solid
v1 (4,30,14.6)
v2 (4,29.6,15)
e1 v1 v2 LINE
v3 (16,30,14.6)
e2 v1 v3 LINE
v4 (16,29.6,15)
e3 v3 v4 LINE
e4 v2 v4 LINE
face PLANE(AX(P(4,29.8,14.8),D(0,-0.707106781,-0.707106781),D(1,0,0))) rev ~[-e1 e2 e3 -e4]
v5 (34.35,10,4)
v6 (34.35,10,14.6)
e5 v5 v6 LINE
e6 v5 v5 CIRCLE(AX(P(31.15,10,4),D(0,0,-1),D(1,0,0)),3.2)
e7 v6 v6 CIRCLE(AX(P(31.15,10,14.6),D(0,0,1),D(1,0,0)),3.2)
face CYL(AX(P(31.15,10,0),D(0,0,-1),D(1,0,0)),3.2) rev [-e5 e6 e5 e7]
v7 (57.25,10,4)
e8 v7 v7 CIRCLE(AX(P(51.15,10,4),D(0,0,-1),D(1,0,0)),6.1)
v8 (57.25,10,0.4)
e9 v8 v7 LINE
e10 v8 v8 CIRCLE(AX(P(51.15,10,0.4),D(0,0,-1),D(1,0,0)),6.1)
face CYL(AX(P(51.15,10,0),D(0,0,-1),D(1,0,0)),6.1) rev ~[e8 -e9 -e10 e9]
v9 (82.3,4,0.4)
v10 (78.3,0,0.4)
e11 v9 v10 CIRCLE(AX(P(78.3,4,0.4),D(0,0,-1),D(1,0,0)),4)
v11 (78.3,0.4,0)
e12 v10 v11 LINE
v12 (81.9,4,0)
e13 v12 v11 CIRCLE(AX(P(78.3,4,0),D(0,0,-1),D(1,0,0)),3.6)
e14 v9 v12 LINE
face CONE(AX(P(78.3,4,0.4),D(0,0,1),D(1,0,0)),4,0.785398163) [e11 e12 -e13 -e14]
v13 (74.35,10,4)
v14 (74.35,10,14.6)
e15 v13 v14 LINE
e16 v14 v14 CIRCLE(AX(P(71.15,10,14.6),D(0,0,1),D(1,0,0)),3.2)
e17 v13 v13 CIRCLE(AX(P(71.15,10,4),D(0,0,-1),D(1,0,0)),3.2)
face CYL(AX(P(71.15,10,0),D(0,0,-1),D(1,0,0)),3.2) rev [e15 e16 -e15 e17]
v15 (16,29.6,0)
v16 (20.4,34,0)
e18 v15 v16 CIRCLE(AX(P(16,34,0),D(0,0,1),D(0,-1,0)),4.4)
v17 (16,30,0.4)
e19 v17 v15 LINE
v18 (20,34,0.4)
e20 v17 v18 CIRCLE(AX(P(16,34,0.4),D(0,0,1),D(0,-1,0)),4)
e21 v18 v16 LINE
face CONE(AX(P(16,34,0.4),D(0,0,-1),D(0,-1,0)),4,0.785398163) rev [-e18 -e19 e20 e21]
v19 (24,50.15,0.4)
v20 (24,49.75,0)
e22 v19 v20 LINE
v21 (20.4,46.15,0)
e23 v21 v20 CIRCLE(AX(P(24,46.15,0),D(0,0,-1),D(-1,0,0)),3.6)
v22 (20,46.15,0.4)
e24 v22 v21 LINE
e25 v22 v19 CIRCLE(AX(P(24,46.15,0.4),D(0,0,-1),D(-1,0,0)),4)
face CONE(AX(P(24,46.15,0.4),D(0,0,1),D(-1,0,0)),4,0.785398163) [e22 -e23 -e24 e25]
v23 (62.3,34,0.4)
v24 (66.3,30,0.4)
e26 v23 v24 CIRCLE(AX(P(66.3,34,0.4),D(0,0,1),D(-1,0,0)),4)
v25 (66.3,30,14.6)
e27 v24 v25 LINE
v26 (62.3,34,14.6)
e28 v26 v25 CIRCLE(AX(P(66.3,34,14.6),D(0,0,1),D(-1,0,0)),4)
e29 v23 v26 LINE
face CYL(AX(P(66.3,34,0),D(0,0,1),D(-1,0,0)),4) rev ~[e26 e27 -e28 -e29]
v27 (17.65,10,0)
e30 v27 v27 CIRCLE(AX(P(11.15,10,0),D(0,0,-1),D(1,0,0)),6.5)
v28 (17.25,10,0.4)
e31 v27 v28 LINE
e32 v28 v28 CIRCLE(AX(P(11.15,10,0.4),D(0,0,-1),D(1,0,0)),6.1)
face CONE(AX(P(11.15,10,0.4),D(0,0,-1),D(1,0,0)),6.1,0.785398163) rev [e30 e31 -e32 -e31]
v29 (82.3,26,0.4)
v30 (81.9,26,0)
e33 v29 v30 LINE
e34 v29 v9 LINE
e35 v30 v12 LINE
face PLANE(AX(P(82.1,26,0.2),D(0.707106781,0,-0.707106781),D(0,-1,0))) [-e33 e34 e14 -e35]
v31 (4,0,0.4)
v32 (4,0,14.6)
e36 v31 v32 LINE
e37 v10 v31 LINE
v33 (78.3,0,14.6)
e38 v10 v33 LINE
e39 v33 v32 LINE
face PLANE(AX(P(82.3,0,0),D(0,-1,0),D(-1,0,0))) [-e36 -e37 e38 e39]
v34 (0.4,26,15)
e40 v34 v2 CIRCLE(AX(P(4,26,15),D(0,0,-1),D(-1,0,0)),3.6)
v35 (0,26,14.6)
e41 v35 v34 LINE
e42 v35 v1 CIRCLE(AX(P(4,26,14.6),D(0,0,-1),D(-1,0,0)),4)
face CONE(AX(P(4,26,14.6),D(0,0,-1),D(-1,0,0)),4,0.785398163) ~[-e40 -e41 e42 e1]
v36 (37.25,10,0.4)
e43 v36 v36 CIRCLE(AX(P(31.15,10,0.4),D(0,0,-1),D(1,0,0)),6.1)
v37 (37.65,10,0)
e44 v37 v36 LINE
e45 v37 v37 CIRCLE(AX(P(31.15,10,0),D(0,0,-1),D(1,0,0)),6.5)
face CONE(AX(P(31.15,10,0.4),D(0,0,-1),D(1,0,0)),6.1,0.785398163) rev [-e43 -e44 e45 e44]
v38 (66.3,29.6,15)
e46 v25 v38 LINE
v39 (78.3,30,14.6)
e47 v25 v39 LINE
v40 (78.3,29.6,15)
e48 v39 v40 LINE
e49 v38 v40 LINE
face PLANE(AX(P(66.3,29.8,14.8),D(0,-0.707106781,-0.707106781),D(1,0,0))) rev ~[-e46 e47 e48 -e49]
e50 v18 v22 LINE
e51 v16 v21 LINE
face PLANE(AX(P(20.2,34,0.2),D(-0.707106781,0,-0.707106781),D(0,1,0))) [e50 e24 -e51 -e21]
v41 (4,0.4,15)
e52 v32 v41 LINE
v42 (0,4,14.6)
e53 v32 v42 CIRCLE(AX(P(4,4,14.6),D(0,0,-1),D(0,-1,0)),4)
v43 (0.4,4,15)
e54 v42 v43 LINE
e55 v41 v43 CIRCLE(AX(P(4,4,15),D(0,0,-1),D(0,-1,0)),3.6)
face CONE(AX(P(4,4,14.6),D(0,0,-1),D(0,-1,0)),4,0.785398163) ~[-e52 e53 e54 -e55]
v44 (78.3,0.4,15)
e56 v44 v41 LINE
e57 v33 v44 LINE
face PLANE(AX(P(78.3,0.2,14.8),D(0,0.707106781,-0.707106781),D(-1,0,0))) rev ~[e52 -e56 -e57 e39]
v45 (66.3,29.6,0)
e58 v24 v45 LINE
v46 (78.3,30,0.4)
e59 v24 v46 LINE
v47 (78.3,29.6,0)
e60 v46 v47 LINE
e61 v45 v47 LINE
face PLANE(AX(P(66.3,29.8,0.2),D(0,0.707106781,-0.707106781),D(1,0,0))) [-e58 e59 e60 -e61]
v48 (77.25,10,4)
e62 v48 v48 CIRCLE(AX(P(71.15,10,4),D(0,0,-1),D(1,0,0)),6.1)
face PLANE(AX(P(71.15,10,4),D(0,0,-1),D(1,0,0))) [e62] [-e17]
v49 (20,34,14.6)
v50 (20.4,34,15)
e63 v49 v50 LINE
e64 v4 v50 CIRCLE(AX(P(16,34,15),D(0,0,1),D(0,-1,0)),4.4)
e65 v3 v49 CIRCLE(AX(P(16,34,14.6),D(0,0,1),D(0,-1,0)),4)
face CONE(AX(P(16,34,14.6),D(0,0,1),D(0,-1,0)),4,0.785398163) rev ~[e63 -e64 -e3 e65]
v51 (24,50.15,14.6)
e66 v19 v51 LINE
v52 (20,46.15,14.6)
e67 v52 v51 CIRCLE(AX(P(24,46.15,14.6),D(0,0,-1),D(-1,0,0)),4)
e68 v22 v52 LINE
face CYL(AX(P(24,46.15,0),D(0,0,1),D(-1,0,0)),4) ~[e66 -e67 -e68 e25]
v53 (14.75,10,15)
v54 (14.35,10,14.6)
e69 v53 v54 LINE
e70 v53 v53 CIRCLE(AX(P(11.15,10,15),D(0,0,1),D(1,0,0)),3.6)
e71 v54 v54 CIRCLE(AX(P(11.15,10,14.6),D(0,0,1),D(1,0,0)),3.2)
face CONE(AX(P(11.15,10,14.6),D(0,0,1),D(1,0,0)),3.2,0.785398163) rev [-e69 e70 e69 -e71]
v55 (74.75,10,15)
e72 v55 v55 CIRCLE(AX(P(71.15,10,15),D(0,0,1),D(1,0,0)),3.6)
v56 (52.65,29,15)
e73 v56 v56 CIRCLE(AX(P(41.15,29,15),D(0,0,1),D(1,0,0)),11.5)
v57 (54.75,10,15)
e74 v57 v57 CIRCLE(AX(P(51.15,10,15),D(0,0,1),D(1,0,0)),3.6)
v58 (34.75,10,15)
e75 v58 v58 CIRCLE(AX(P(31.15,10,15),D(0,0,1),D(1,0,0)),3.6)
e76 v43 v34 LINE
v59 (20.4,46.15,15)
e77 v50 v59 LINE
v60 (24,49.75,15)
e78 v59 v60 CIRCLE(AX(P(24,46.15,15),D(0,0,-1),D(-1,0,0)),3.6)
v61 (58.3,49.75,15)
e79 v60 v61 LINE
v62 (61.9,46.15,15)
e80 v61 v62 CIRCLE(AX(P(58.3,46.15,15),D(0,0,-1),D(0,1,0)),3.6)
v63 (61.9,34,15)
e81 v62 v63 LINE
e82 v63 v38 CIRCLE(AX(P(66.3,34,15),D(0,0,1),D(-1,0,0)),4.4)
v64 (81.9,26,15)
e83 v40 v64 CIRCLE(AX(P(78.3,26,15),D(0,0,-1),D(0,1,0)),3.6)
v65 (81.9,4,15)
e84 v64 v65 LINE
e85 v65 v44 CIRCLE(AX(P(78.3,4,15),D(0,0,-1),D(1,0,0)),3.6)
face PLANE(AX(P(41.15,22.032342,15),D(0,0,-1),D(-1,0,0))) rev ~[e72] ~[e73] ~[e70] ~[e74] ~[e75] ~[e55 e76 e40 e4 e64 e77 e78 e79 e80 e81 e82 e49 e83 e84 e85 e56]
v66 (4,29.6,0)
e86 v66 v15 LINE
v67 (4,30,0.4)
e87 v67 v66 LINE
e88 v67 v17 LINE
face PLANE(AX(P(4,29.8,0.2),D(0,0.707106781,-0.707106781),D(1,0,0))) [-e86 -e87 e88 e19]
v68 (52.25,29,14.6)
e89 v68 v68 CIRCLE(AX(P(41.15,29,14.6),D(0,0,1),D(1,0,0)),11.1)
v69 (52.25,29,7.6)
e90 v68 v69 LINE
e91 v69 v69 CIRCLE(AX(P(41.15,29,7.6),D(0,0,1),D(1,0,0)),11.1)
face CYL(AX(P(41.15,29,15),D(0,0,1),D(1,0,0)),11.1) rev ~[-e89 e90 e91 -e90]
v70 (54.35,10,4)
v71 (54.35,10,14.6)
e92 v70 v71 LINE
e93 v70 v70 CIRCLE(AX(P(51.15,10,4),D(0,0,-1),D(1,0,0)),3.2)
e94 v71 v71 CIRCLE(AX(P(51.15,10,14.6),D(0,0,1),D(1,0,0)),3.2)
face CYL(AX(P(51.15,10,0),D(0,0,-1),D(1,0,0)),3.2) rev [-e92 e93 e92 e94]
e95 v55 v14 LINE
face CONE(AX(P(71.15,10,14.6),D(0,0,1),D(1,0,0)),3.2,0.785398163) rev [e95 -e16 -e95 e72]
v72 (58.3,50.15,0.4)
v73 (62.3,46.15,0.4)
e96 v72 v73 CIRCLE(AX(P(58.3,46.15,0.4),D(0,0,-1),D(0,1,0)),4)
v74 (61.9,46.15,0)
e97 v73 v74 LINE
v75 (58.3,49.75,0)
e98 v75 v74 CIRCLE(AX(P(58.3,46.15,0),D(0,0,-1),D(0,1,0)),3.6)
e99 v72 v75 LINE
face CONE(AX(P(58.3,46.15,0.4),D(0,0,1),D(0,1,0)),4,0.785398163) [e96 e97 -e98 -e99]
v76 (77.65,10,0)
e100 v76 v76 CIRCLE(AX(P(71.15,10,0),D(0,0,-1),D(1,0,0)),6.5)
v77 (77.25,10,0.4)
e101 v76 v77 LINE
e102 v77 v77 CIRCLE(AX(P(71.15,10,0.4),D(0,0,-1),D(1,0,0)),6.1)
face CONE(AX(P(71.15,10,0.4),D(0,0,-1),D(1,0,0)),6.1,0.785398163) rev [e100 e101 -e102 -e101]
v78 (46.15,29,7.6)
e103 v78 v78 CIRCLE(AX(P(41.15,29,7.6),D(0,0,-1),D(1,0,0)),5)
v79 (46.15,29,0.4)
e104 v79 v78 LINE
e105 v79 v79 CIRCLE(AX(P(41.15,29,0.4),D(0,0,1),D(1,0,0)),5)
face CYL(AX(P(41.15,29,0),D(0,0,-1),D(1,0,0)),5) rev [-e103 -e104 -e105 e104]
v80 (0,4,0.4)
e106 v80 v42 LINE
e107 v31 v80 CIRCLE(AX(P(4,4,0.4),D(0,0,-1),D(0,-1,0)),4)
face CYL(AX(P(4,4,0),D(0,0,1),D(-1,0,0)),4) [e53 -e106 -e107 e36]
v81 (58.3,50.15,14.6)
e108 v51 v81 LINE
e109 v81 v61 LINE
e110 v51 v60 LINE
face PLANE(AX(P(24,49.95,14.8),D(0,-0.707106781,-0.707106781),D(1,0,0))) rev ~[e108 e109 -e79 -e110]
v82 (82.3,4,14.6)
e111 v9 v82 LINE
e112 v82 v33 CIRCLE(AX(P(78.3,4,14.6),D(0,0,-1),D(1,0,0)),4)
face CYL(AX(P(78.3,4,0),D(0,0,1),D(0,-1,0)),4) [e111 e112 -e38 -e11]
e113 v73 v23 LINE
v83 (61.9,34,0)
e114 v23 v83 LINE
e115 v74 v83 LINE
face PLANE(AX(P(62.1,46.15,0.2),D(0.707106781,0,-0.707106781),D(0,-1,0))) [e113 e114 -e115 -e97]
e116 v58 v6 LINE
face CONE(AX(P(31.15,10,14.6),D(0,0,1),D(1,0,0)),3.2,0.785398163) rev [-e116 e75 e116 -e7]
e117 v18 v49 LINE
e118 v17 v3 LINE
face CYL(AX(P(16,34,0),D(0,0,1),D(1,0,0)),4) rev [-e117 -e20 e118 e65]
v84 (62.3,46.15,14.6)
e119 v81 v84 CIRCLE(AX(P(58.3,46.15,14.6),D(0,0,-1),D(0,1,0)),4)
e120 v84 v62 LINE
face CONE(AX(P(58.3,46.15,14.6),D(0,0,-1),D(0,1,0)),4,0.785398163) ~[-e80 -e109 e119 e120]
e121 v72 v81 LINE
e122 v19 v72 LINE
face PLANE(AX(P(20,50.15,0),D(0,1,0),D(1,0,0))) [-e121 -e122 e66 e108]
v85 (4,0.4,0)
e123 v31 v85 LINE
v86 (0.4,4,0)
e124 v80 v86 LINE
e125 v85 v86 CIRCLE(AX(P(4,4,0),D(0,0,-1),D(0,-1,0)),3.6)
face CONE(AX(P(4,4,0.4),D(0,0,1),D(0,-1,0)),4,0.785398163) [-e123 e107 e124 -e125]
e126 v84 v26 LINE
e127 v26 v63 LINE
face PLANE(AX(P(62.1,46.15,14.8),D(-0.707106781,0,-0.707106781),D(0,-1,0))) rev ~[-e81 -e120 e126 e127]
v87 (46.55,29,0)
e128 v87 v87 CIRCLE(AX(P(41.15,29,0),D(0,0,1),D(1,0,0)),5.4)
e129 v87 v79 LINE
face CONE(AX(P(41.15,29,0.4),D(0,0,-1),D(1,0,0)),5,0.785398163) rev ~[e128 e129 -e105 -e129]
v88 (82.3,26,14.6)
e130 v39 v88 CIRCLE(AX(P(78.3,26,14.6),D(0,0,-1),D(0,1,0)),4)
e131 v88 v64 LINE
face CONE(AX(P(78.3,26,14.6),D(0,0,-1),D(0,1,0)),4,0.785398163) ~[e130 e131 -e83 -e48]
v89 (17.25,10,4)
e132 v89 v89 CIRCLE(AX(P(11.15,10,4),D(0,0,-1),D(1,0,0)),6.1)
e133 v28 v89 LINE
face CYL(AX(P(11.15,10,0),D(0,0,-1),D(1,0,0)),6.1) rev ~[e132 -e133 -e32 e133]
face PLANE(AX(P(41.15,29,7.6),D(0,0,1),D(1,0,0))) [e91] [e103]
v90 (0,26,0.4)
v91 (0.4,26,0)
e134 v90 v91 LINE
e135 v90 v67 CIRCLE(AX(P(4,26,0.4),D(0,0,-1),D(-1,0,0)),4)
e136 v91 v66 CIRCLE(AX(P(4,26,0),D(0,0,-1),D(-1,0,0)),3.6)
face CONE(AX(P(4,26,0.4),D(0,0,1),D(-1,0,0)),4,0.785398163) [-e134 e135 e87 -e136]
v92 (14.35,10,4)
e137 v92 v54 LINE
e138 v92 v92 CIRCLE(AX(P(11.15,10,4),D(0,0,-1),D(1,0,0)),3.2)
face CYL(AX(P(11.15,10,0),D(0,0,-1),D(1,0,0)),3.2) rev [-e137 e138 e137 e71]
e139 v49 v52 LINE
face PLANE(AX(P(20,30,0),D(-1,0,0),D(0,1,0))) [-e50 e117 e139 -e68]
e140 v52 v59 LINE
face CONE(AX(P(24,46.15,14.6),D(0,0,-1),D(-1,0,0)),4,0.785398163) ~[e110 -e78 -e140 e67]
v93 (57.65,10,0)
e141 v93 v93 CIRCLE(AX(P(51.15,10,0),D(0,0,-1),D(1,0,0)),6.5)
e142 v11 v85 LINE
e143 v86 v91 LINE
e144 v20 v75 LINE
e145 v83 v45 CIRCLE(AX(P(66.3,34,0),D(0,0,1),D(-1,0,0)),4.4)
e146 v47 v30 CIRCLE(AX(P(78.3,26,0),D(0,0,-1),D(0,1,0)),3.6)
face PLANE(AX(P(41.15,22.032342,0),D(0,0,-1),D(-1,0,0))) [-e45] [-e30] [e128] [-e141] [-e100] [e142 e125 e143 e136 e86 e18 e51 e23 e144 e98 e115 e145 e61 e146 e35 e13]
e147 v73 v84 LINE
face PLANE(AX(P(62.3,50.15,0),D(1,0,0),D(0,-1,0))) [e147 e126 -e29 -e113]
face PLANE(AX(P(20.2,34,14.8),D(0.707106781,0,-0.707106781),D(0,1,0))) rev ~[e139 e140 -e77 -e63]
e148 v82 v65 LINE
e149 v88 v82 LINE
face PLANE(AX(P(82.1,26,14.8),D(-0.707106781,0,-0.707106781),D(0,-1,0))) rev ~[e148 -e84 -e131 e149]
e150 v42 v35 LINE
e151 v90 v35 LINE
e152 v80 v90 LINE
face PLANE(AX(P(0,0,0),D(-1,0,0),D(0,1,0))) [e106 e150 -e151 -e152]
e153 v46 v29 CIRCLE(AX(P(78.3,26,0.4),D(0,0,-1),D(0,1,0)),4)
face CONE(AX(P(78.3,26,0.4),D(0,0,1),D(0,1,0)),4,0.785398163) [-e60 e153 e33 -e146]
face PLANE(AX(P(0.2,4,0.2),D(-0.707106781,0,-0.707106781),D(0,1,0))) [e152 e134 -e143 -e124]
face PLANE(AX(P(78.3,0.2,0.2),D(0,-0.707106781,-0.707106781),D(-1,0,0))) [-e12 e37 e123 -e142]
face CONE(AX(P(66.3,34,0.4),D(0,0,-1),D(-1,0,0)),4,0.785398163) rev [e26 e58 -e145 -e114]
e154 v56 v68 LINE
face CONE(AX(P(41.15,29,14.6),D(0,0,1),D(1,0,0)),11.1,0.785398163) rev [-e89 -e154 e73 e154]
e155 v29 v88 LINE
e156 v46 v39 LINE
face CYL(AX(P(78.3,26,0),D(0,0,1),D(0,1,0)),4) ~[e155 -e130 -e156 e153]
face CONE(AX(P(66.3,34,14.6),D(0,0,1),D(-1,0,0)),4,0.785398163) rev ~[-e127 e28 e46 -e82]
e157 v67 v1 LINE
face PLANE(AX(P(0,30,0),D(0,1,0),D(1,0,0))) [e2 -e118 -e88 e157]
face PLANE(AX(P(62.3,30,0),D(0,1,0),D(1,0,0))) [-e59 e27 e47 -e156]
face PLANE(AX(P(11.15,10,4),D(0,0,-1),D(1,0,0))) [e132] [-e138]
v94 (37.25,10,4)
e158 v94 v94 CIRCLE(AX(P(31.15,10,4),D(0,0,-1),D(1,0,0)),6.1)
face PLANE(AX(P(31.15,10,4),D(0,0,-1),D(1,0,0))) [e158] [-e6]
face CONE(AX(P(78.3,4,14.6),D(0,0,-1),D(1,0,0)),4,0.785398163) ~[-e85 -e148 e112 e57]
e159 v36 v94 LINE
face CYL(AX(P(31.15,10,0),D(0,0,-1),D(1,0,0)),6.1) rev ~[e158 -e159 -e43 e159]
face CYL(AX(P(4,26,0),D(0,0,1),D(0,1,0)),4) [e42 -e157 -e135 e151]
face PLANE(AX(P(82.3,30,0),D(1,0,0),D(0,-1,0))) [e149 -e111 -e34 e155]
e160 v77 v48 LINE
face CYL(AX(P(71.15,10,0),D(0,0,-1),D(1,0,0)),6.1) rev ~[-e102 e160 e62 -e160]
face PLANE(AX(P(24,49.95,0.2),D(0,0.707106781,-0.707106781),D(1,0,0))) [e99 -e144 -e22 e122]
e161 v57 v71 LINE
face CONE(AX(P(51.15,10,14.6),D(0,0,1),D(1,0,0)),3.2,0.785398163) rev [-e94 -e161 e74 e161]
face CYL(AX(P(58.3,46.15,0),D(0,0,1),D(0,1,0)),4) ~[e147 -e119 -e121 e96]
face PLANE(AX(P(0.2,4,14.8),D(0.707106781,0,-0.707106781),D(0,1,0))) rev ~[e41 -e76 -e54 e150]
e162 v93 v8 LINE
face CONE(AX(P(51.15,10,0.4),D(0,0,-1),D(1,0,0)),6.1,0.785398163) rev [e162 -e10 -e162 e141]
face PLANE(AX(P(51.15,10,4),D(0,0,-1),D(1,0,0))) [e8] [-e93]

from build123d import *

# Parameters (mm, degrees)
SKETCH_R        = 5
SKETCH_R_2      = 3.2
PAD_DEPTH       = 15
SKETCH002_R     = 6.1
POCKET001_DEPTH = 4
SKETCH003_R     = 11.1
POCKET_DEPTH    = 7.4
FILLET_R        = 4
CHAMFER_SIZE    = 0.4
CHAMFER001_SIZE = 0.4


with BuildPart() as part:
    # Sketch → Pad (new body)
    with BuildSketch(Plane.XY):
        Polygon((20, 30), (20, 50.15), (62.3, 50.15), (62.3, 30), (82.3, 30), (82.3, 0), (0, 0), (0, 30), align=None)
        with Locations((41.15, 29)):
            Circle(SKETCH_R, mode=Mode.SUBTRACT)
        with Locations((11.15, 10)):
            Circle(SKETCH_R_2, mode=Mode.SUBTRACT)
        with Locations((31.15, 10)):
            Circle(SKETCH_R_2, mode=Mode.SUBTRACT)
        with Locations((51.15, 10)):
            Circle(SKETCH_R_2, mode=Mode.SUBTRACT)
        with Locations((71.15, 10)):
            Circle(SKETCH_R_2, mode=Mode.SUBTRACT)
    extrude(amount=PAD_DEPTH)

    # Sketch002 → Pocket001 (cut)
    with BuildSketch(Plane(origin=(0, 0, 0), x_dir=(1, 0, 0), z_dir=(0, 0, -1))):
        with Locations((11.15, -10)):
            Circle(SKETCH002_R)
        with Locations((31.15, -10)):
            Circle(SKETCH002_R)
        with Locations((51.15, -10)):
            Circle(SKETCH002_R)
        with Locations((71.15, -10)):
            Circle(SKETCH002_R)
    extrude(amount=-POCKET001_DEPTH, mode=Mode.SUBTRACT)

    # Sketch003 (on Face5 of Pocket001) → Pocket (cut)
    with BuildSketch(Plane.XY.offset(15)):
        with Locations((41.15, 29)):
            Circle(SKETCH003_R)
    extrude(amount=-POCKET_DEPTH, mode=Mode.SUBTRACT)

    # Fillet
    fillet_edges = [part.edges().sort_by_distance(p)[0] for p in [
        (82.3, 0, 7.5),
        (0, 0, 7.5),
        (0, 30, 7.5),
        (20, 30, 7.5),
        (20, 50.15, 7.5),
        (62.3, 50.15, 7.5),
        (62.3, 30, 7.5),
        (82.3, 30, 7.5),
    ]]
    fillet(fillet_edges, radius=FILLET_R)

    # Chamfer
    chamfer_edges = [part.edges().sort_by_distance(p)[0] for p in [
        (20, 40.075, 15),
        (18.828427, 31.171573, 15),
        (21.171573, 48.978427, 15),
        (10, 30, 15),
        (41.15, 50.15, 15),
        (1.171573, 28.828427, 15),
        (61.128427, 48.978427, 15),
        (0, 15, 15),
        (62.3, 40.075, 15),
        (1.171573, 1.171573, 15),
        (63.471573, 31.171573, 15),
        (41.15, 0, 15),
        (72.3, 30, 15),
        (81.128427, 1.171573, 15),
        (81.128427, 28.828427, 15),
        (82.3, 15, 15),
        (67.95, 10, 15),
        (47.95, 10, 15),
        (27.95, 10, 15),
        (7.95, 10, 15),
        (30.05, 29, 15),
    ]]
    chamfer(chamfer_edges, length=CHAMFER_SIZE)

    # Chamfer001
    chamfer001_edges = [part.edges().sort_by_distance(p)[0] for p in [
        (20, 40.075, 0),
        (18.828427, 31.171573, 0),
        (21.171573, 48.978427, 0),
        (10, 30, 0),
        (41.15, 50.15, 0),
        (1.171573, 28.828427, 0),
        (61.128427, 48.978427, 0),
        (0, 15, 0),
        (62.3, 40.075, 0),
        (1.171573, 1.171573, 0),
        (63.471573, 31.171573, 0),
        (41.15, 0, 0),
        (72.3, 30, 0),
        (81.128427, 1.171573, 0),
        (81.128427, 28.828427, 0),
        (82.3, 15, 0),
        (65.05, 10, 0),
        (45.05, 10, 0),
        (25.05, 10, 0),
        (5.05, 10, 0),
        (36.15, 29, 0),
    ]]
    chamfer(chamfer001_edges, length=CHAMFER001_SIZE)


solid = part.part
